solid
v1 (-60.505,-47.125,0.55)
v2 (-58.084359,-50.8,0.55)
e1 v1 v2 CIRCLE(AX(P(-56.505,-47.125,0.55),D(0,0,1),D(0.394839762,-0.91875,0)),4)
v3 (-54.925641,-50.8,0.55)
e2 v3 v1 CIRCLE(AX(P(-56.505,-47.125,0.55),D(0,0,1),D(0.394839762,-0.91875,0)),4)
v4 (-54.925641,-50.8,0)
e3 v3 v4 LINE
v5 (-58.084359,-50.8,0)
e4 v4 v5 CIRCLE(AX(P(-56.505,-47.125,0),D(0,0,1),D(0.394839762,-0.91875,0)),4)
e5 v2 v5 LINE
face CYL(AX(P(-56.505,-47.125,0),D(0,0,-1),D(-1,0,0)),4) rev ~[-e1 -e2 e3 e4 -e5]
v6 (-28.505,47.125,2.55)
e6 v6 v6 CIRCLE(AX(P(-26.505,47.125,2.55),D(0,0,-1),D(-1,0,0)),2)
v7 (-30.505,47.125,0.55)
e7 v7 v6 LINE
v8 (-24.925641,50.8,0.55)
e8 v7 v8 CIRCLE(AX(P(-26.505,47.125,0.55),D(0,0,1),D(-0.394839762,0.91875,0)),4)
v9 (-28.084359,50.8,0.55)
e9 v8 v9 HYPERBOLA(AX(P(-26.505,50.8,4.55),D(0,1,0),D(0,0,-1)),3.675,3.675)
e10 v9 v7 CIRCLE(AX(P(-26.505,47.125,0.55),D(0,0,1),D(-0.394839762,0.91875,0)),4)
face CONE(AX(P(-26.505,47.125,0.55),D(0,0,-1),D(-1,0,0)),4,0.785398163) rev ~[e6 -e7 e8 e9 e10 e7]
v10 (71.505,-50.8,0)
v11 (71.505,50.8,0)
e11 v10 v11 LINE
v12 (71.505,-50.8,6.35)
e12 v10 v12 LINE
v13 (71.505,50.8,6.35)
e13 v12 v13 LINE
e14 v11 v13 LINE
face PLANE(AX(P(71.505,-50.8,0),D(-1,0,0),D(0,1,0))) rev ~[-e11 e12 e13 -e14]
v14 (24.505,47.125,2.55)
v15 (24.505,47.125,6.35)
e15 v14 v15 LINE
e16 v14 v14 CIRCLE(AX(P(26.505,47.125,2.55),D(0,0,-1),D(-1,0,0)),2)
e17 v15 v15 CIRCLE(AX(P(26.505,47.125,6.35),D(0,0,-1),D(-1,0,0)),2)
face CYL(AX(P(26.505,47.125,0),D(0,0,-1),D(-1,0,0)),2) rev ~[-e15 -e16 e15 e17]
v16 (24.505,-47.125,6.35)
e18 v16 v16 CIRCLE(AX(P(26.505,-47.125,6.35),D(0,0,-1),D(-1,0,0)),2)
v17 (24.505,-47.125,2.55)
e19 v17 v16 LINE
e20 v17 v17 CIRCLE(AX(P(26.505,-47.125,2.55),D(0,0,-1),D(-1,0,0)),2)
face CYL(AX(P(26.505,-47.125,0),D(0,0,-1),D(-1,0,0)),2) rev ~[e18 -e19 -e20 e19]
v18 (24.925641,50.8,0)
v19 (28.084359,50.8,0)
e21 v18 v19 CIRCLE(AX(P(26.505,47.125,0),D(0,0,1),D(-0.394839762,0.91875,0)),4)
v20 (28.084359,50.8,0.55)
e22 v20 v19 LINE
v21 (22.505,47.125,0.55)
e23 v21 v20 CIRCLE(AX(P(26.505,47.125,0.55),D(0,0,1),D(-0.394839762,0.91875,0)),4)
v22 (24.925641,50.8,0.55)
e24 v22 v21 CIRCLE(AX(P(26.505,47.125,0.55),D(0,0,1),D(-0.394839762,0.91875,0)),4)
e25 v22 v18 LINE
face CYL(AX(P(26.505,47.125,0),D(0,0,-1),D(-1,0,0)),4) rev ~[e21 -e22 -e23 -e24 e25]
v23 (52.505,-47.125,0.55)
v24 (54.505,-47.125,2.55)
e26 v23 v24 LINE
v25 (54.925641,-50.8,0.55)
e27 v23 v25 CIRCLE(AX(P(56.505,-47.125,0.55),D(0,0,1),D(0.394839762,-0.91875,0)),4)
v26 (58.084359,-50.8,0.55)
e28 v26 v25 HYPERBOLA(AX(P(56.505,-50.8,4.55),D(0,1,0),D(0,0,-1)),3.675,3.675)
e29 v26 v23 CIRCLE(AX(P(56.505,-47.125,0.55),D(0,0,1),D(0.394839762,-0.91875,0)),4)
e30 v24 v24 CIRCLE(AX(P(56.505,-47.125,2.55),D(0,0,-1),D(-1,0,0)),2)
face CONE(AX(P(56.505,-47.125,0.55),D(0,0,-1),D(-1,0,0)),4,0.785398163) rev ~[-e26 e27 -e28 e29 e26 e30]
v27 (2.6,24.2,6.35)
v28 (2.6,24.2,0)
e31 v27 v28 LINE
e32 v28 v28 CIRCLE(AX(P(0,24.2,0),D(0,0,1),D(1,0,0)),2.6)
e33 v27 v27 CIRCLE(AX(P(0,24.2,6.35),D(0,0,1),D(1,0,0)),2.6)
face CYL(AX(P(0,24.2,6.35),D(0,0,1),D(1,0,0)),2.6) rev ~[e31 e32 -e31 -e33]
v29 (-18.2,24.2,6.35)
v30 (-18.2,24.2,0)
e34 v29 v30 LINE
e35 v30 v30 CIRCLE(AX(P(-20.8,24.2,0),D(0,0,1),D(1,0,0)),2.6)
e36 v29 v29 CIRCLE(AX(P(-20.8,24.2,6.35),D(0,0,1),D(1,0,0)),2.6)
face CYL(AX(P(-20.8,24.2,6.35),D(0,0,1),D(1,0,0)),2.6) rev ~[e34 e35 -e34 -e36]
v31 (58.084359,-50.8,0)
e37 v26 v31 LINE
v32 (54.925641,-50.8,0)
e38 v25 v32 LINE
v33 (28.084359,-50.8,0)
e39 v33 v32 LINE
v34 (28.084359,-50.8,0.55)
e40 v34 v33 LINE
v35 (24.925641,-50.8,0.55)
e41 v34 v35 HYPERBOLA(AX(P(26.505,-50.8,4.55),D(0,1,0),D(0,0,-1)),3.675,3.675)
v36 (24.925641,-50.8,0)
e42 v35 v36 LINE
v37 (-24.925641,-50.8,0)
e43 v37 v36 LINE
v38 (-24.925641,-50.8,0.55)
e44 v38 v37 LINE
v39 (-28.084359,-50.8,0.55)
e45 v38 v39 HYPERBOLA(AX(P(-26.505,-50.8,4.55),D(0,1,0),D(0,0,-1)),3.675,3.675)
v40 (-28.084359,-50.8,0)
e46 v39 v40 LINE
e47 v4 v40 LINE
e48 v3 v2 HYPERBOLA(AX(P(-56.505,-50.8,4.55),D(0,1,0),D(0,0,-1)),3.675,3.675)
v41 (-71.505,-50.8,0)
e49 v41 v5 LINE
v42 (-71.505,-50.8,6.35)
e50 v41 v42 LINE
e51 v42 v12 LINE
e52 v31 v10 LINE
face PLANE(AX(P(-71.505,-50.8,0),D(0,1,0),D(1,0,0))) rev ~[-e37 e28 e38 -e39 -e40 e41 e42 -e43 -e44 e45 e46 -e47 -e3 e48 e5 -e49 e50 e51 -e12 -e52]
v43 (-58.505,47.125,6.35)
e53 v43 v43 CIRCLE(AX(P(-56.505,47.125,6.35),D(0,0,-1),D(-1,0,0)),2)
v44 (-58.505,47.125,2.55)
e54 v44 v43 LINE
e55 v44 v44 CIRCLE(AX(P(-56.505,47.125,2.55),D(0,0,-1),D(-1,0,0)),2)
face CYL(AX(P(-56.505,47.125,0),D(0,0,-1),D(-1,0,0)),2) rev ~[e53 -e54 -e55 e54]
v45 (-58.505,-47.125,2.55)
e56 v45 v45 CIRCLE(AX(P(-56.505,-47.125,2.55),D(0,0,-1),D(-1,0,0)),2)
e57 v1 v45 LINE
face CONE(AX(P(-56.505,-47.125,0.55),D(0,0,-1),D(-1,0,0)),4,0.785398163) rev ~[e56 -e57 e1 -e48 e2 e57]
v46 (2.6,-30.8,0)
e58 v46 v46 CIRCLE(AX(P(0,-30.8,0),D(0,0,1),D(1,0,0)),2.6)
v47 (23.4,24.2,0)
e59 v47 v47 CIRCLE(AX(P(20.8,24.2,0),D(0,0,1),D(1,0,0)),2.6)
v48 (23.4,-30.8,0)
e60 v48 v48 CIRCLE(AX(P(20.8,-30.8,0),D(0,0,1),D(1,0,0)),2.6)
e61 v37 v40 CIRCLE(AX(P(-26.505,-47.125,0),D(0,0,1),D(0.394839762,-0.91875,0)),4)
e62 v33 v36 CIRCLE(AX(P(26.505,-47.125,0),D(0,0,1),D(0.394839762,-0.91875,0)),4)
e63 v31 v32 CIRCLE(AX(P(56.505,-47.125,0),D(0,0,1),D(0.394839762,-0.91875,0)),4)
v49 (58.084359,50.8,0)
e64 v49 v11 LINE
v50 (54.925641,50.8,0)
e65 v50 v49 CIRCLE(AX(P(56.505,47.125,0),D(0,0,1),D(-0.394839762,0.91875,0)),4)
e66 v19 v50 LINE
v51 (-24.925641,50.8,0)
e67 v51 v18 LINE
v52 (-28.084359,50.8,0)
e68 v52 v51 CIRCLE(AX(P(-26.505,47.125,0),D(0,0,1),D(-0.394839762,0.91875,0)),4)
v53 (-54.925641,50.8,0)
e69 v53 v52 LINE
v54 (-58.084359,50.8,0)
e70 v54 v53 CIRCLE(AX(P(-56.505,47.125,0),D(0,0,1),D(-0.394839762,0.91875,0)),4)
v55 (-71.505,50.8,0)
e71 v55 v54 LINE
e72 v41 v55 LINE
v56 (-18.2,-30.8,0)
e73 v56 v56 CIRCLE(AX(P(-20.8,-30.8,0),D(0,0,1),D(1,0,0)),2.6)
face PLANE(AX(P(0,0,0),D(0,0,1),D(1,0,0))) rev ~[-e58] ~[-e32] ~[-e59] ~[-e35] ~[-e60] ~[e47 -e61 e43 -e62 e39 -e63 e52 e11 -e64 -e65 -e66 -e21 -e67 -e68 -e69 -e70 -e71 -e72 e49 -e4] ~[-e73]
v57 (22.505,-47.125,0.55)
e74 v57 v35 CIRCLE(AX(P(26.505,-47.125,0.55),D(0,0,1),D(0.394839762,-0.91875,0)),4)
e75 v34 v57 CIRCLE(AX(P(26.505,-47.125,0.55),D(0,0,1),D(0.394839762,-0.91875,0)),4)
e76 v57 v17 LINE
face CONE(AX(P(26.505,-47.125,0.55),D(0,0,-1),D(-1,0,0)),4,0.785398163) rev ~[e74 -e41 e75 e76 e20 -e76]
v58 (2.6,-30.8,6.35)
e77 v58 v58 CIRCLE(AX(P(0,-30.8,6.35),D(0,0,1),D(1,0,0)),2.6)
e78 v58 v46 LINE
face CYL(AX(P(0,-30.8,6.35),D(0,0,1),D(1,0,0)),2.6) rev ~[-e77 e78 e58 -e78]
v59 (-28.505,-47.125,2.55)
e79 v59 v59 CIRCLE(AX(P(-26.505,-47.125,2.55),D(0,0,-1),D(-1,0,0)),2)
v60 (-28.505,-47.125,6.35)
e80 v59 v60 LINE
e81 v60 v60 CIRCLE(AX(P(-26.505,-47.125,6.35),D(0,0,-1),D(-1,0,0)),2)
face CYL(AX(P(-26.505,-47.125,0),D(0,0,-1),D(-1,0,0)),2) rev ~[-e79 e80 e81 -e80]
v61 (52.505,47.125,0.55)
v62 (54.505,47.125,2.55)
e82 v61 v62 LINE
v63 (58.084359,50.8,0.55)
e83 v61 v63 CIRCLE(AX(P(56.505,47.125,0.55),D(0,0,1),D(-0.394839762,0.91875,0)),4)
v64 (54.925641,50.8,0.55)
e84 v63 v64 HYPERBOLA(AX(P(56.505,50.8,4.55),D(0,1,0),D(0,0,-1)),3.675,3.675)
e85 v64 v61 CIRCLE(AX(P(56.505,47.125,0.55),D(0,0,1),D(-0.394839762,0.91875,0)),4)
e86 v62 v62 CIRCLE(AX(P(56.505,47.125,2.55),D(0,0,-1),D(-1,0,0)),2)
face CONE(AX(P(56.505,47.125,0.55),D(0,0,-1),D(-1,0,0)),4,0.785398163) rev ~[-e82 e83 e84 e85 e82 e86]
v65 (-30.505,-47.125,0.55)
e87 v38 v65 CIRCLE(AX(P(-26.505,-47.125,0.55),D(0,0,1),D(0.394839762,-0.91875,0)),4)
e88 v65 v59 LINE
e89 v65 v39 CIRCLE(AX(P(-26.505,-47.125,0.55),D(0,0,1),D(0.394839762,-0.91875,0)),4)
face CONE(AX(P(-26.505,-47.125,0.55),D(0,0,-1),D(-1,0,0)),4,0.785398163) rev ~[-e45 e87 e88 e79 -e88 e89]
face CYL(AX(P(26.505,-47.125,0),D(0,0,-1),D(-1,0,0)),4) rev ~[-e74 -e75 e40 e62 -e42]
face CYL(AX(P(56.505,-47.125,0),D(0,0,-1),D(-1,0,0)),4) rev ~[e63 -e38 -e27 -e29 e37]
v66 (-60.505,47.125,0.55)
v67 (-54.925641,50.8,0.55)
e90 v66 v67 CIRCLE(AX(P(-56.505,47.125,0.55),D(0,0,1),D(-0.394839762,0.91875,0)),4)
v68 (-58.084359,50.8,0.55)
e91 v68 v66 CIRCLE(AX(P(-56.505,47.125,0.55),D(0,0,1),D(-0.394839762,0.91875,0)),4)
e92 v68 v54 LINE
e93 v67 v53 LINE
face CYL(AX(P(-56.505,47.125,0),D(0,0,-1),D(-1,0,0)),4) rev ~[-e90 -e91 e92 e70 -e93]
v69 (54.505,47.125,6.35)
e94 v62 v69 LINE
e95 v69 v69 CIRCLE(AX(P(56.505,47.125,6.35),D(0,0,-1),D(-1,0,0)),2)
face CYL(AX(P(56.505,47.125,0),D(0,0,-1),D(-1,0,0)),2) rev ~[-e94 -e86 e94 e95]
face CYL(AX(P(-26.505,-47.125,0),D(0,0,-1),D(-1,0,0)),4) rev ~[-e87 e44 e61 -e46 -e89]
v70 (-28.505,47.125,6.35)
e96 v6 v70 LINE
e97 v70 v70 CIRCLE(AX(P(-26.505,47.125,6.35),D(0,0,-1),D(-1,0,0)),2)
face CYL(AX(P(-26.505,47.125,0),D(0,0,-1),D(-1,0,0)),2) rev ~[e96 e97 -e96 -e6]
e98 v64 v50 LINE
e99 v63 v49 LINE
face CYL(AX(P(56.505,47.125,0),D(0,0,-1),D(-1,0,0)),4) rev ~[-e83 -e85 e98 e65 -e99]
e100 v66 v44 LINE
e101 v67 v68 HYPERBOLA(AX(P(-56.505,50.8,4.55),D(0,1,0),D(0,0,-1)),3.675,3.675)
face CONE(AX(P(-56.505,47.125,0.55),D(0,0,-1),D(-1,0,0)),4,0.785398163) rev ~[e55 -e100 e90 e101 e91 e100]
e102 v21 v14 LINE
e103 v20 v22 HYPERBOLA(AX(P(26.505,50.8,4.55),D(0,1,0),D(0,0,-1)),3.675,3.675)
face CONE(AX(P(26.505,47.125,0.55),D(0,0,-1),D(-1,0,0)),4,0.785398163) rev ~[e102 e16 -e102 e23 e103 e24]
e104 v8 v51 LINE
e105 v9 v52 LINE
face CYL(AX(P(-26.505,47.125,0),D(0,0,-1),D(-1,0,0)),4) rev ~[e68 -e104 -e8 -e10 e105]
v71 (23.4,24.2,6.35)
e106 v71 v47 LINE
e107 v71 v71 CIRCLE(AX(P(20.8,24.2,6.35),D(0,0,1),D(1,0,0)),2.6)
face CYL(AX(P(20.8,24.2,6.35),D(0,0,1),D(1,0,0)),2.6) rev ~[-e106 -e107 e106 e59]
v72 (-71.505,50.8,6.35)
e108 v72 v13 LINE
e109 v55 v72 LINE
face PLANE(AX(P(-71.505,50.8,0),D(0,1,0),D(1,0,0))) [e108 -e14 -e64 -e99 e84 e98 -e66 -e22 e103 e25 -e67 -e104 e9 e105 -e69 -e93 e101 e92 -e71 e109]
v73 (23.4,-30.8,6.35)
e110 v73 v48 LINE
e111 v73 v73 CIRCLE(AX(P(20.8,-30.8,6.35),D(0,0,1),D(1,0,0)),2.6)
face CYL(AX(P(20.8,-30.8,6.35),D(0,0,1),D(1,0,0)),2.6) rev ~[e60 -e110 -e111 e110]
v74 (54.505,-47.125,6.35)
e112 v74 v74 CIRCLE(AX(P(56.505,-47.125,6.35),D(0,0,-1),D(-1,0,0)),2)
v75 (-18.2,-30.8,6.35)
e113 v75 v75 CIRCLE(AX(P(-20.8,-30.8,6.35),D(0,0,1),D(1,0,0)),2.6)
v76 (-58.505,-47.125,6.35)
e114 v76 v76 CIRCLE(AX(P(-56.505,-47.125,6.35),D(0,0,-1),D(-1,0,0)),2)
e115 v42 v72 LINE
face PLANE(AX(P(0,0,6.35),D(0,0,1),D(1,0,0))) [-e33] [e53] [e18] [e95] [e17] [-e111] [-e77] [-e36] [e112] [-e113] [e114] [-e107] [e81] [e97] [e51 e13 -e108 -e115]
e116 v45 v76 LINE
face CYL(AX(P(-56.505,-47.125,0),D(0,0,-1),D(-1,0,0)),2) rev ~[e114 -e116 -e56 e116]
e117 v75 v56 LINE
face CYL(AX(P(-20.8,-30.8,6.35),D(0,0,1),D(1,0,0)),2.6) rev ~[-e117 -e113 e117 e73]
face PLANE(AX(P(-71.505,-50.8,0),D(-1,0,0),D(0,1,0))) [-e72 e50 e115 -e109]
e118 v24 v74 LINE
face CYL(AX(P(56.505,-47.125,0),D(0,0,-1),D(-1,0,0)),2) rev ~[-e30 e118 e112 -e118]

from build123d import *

# Parameters (mm, degrees)
ESBO_O1_W                       = 143.01
ESBO_O1_H                       = 101.6
RESSALTO_EXTRUS_O1_DEPTH        = 6.35
ESBO_O2_R                       = 2
CORTE_EXTRUS_O1_DEPTH           = 13
ESBO_O3_R                       = 2.6
CORTE_EXTRUS_O2_DEPTH           = 7
ESBO_O4_R                       = 4
CORTE_EXTRUS_O3_DEPTH           = 0.55
CROQUIS1_R                      = 4
CORTAR_EXTRUIR1_DEPTH           = 2
CORTAR_EXTRUIR1_DRAFT           = -45
CORTAR_EXTRUIR1_PROFILE_2_DEPTH = 2
CORTAR_EXTRUIR1_PROFILE_2_DRAFT = -45
CORTAR_EXTRUIR1_PROFILE_3_DEPTH = 2
CORTAR_EXTRUIR1_PROFILE_3_DRAFT = -45
CORTAR_EXTRUIR1_PROFILE_4_DEPTH = 2
CORTAR_EXTRUIR1_PROFILE_4_DRAFT = -45
CORTAR_EXTRUIR1_PROFILE_5_DEPTH = 2
CORTAR_EXTRUIR1_PROFILE_5_DRAFT = -45
CORTAR_EXTRUIR1_PROFILE_6_DEPTH = 2
CORTAR_EXTRUIR1_PROFILE_6_DRAFT = -45
CORTAR_EXTRUIR1_PROFILE_7_DEPTH = 2
CORTAR_EXTRUIR1_PROFILE_7_DRAFT = -45
CORTAR_EXTRUIR1_PROFILE_8_DEPTH = 2
CORTAR_EXTRUIR1_PROFILE_8_DRAFT = -45


with BuildPart() as part:
    # Esboço1 → Ressalto-extrusão1 (new body)
    with BuildSketch(Plane.XY):
        Rectangle(ESBO_O1_W, ESBO_O1_H)
    extrude(amount=RESSALTO_EXTRUS_O1_DEPTH)

    # Esboço2 → Corte-extrusão1 (cut)
    with BuildSketch(Plane(origin=(0, 0, 0), x_dir=(-1, 0, 0), z_dir=(0, 0, -1))):
        with Locations((56.505, 47.125)):
            Circle(ESBO_O2_R)
        with Locations((26.505, 47.125)):
            Circle(ESBO_O2_R)
        with Locations((26.505, -47.125)):
            Circle(ESBO_O2_R)
        with Locations((56.505, -47.125)):
            Circle(ESBO_O2_R)
        with Locations((-26.505, 47.125)):
            Circle(ESBO_O2_R)
        with Locations((-56.505, 47.125)):
            Circle(ESBO_O2_R)
        with Locations((-56.505, -47.125)):
            Circle(ESBO_O2_R)
        with Locations((-26.505, -47.125)):
            Circle(ESBO_O2_R)
    extrude(amount=-CORTE_EXTRUS_O1_DEPTH, mode=Mode.SUBTRACT)

    # Esboço3 → Corte-extrusão2 (cut)
    with BuildSketch(Plane.XY.offset(6.35)):
        with Locations((20.8, -30.8)):
            Circle(ESBO_O3_R)
        with Locations((0, -30.8)):
            Circle(ESBO_O3_R)
        with Locations((-20.8, -30.8)):
            Circle(ESBO_O3_R)
        with Locations((-20.8, 24.2)):
            Circle(ESBO_O3_R)
        with Locations((0, 24.2)):
            Circle(ESBO_O3_R)
        with Locations((20.8, 24.2)):
            Circle(ESBO_O3_R)
    extrude(amount=-CORTE_EXTRUS_O2_DEPTH, mode=Mode.SUBTRACT)

    # Esboço4 → Corte-extrusão3 (cut)
    with BuildSketch(Plane(origin=(0, 0, 0), x_dir=(-1, 0, 0), z_dir=(0, 0, -1))):
        with Locations((-26.505, 47.125)):
            Circle(ESBO_O4_R)
        with Locations((-56.505, 47.125)):
            Circle(ESBO_O4_R)
        with Locations((-56.505, -47.125)):
            Circle(ESBO_O4_R)
        with Locations((-26.505, -47.125)):
            Circle(ESBO_O4_R)
        with Locations((26.505, -47.125)):
            Circle(ESBO_O4_R)
        with Locations((56.505, 47.125)):
            Circle(ESBO_O4_R)
        with Locations((26.505, 47.125)):
            Circle(ESBO_O4_R)
        with Locations((56.505, -47.125)):
            Circle(ESBO_O4_R)
    extrude(amount=-CORTE_EXTRUS_O3_DEPTH, mode=Mode.SUBTRACT)


with BuildPart() as cortar_extruir1_tool:
    # Croquis1 → Cortar-Extruir1 (with draft: the straight prism first)
    with BuildSketch(Plane(origin=(0, 0, 0.55), x_dir=(-1, 0, 0), z_dir=(0, 0, -1))):
        with Locations((56.505, 47.125)):
            Circle(CROQUIS1_R)
    extrude(amount=-CORTAR_EXTRUIR1_DEPTH)
    # Cortar-Extruir1: the draft: its side faces are tilted about the plane it starts from
    cortar_extruir1_sides = [cortar_extruir1_tool.faces().sort_by_distance(p)[0] for p in [
        (-52.505, 47.125, 1.55),
    ]]
    draft(cortar_extruir1_sides, Plane(origin=(0, 0, 0.55), x_dir=(-1, 0, 0), z_dir=(0, 0, -1)), CORTAR_EXTRUIR1_DRAFT)


with BuildPart() as part_1:
    add(part.part)

    # Cortar-Extruir1: cut by cortar_extruir1_tool
    add(cortar_extruir1_tool.part, mode=Mode.SUBTRACT)


with BuildPart() as cortar_extruir1_profile_2_tool:
    # Croquis1 → Cortar-Extruir1 profile 2 (with draft: the straight prism first)
    with BuildSketch(Plane(origin=(0, 0, 0.55), x_dir=(-1, 0, 0), z_dir=(0, 0, -1))):
        with Locations((26.505, 47.125)):
            Circle(CROQUIS1_R)
    extrude(amount=-CORTAR_EXTRUIR1_PROFILE_2_DEPTH)
    # Cortar-Extruir1 profile 2: the draft: its side faces are tilted about the plane it starts from
    cortar_extruir1_profile_2_sides = [cortar_extruir1_profile_2_tool.faces().sort_by_distance(p)[0] for p in [
        (-22.505, 47.125, 1.55),
    ]]
    draft(cortar_extruir1_profile_2_sides, Plane(origin=(0, 0, 0.55), x_dir=(-1, 0, 0), z_dir=(0, 0, -1)), CORTAR_EXTRUIR1_PROFILE_2_DRAFT)


with BuildPart() as part_2:
    add(part_1.part)

    # Cortar-Extruir1 profile 2: cut by cortar_extruir1_profile_2_tool
    add(cortar_extruir1_profile_2_tool.part, mode=Mode.SUBTRACT)


with BuildPart() as cortar_extruir1_profile_3_tool:
    # Croquis1 → Cortar-Extruir1 profile 3 (with draft: the straight prism first)
    with BuildSketch(Plane(origin=(0, 0, 0.55), x_dir=(-1, 0, 0), z_dir=(0, 0, -1))):
        with Locations((-26.505, 47.125)):
            Circle(CROQUIS1_R)
    extrude(amount=-CORTAR_EXTRUIR1_PROFILE_3_DEPTH)
    # Cortar-Extruir1 profile 3: the draft: its side faces are tilted about the plane it starts from
    cortar_extruir1_profile_3_sides = [cortar_extruir1_profile_3_tool.faces().sort_by_distance(p)[0] for p in [
        (30.505, 47.125, 1.55),
    ]]
    draft(cortar_extruir1_profile_3_sides, Plane(origin=(0, 0, 0.55), x_dir=(-1, 0, 0), z_dir=(0, 0, -1)), CORTAR_EXTRUIR1_PROFILE_3_DRAFT)


with BuildPart() as part_3:
    add(part_2.part)

    # Cortar-Extruir1 profile 3: cut by cortar_extruir1_profile_3_tool
    add(cortar_extruir1_profile_3_tool.part, mode=Mode.SUBTRACT)


with BuildPart() as cortar_extruir1_profile_4_tool:
    # Croquis1 → Cortar-Extruir1 profile 4 (with draft: the straight prism first)
    with BuildSketch(Plane(origin=(0, 0, 0.55), x_dir=(-1, 0, 0), z_dir=(0, 0, -1))):
        with Locations((-56.505, 47.125)):
            Circle(CROQUIS1_R)
    extrude(amount=-CORTAR_EXTRUIR1_PROFILE_4_DEPTH)
    # Cortar-Extruir1 profile 4: the draft: its side faces are tilted about the plane it starts from
    cortar_extruir1_profile_4_sides = [cortar_extruir1_profile_4_tool.faces().sort_by_distance(p)[0] for p in [
        (60.505, 47.125, 1.55),
    ]]
    draft(cortar_extruir1_profile_4_sides, Plane(origin=(0, 0, 0.55), x_dir=(-1, 0, 0), z_dir=(0, 0, -1)), CORTAR_EXTRUIR1_PROFILE_4_DRAFT)


with BuildPart() as part_4:
    add(part_3.part)

    # Cortar-Extruir1 profile 4: cut by cortar_extruir1_profile_4_tool
    add(cortar_extruir1_profile_4_tool.part, mode=Mode.SUBTRACT)


with BuildPart() as cortar_extruir1_profile_5_tool:
    # Croquis1 → Cortar-Extruir1 profile 5 (with draft: the straight prism first)
    with BuildSketch(Plane(origin=(0, 0, 0.55), x_dir=(-1, 0, 0), z_dir=(0, 0, -1))):
        with Locations((-56.505, -47.125)):
            Circle(CROQUIS1_R)
    extrude(amount=-CORTAR_EXTRUIR1_PROFILE_5_DEPTH)
    # Cortar-Extruir1 profile 5: the draft: its side faces are tilted about the plane it starts from
    cortar_extruir1_profile_5_sides = [cortar_extruir1_profile_5_tool.faces().sort_by_distance(p)[0] for p in [
        (60.505, -47.125, 1.55),
    ]]
    draft(cortar_extruir1_profile_5_sides, Plane(origin=(0, 0, 0.55), x_dir=(-1, 0, 0), z_dir=(0, 0, -1)), CORTAR_EXTRUIR1_PROFILE_5_DRAFT)


with BuildPart() as part_5:
    add(part_4.part)

    # Cortar-Extruir1 profile 5: cut by cortar_extruir1_profile_5_tool
    add(cortar_extruir1_profile_5_tool.part, mode=Mode.SUBTRACT)


with BuildPart() as cortar_extruir1_profile_6_tool:
    # Croquis1 → Cortar-Extruir1 profile 6 (with draft: the straight prism first)
    with BuildSketch(Plane(origin=(0, 0, 0.55), x_dir=(-1, 0, 0), z_dir=(0, 0, -1))):
        with Locations((-26.505, -47.125)):
            Circle(CROQUIS1_R)
    extrude(amount=-CORTAR_EXTRUIR1_PROFILE_6_DEPTH)
    # Cortar-Extruir1 profile 6: the draft: its side faces are tilted about the plane it starts from
    cortar_extruir1_profile_6_sides = [cortar_extruir1_profile_6_tool.faces().sort_by_distance(p)[0] for p in [
        (30.505, -47.125, 1.55),
    ]]
    draft(cortar_extruir1_profile_6_sides, Plane(origin=(0, 0, 0.55), x_dir=(-1, 0, 0), z_dir=(0, 0, -1)), CORTAR_EXTRUIR1_PROFILE_6_DRAFT)


with BuildPart() as part_6:
    add(part_5.part)

    # Cortar-Extruir1 profile 6: cut by cortar_extruir1_profile_6_tool
    add(cortar_extruir1_profile_6_tool.part, mode=Mode.SUBTRACT)


with BuildPart() as cortar_extruir1_profile_7_tool:
    # Croquis1 → Cortar-Extruir1 profile 7 (with draft: the straight prism first)
    with BuildSketch(Plane(origin=(0, 0, 0.55), x_dir=(-1, 0, 0), z_dir=(0, 0, -1))):
        with Locations((26.505, -47.125)):
            Circle(CROQUIS1_R)
    extrude(amount=-CORTAR_EXTRUIR1_PROFILE_7_DEPTH)
    # Cortar-Extruir1 profile 7: the draft: its side faces are tilted about the plane it starts from
    cortar_extruir1_profile_7_sides = [cortar_extruir1_profile_7_tool.faces().sort_by_distance(p)[0] for p in [
        (-22.505, -47.125, 1.55),
    ]]
    draft(cortar_extruir1_profile_7_sides, Plane(origin=(0, 0, 0.55), x_dir=(-1, 0, 0), z_dir=(0, 0, -1)), CORTAR_EXTRUIR1_PROFILE_7_DRAFT)


with BuildPart() as part_7:
    add(part_6.part)

    # Cortar-Extruir1 profile 7: cut by cortar_extruir1_profile_7_tool
    add(cortar_extruir1_profile_7_tool.part, mode=Mode.SUBTRACT)


with BuildPart() as cortar_extruir1_profile_8_tool:
    # Croquis1 → Cortar-Extruir1 profile 8 (with draft: the straight prism first)
    with BuildSketch(Plane(origin=(0, 0, 0.55), x_dir=(-1, 0, 0), z_dir=(0, 0, -1))):
        with Locations((56.505, -47.125)):
            Circle(CROQUIS1_R)
    extrude(amount=-CORTAR_EXTRUIR1_PROFILE_8_DEPTH)
    # Cortar-Extruir1 profile 8: the draft: its side faces are tilted about the plane it starts from
    cortar_extruir1_profile_8_sides = [cortar_extruir1_profile_8_tool.faces().sort_by_distance(p)[0] for p in [
        (-52.505, -47.125, 1.55),
    ]]
    draft(cortar_extruir1_profile_8_sides, Plane(origin=(0, 0, 0.55), x_dir=(-1, 0, 0), z_dir=(0, 0, -1)), CORTAR_EXTRUIR1_PROFILE_8_DRAFT)


with BuildPart() as part_8:
    add(part_7.part)

    # Cortar-Extruir1 profile 8: cut by cortar_extruir1_profile_8_tool
    add(cortar_extruir1_profile_8_tool.part, mode=Mode.SUBTRACT)


solid = part_8.part
